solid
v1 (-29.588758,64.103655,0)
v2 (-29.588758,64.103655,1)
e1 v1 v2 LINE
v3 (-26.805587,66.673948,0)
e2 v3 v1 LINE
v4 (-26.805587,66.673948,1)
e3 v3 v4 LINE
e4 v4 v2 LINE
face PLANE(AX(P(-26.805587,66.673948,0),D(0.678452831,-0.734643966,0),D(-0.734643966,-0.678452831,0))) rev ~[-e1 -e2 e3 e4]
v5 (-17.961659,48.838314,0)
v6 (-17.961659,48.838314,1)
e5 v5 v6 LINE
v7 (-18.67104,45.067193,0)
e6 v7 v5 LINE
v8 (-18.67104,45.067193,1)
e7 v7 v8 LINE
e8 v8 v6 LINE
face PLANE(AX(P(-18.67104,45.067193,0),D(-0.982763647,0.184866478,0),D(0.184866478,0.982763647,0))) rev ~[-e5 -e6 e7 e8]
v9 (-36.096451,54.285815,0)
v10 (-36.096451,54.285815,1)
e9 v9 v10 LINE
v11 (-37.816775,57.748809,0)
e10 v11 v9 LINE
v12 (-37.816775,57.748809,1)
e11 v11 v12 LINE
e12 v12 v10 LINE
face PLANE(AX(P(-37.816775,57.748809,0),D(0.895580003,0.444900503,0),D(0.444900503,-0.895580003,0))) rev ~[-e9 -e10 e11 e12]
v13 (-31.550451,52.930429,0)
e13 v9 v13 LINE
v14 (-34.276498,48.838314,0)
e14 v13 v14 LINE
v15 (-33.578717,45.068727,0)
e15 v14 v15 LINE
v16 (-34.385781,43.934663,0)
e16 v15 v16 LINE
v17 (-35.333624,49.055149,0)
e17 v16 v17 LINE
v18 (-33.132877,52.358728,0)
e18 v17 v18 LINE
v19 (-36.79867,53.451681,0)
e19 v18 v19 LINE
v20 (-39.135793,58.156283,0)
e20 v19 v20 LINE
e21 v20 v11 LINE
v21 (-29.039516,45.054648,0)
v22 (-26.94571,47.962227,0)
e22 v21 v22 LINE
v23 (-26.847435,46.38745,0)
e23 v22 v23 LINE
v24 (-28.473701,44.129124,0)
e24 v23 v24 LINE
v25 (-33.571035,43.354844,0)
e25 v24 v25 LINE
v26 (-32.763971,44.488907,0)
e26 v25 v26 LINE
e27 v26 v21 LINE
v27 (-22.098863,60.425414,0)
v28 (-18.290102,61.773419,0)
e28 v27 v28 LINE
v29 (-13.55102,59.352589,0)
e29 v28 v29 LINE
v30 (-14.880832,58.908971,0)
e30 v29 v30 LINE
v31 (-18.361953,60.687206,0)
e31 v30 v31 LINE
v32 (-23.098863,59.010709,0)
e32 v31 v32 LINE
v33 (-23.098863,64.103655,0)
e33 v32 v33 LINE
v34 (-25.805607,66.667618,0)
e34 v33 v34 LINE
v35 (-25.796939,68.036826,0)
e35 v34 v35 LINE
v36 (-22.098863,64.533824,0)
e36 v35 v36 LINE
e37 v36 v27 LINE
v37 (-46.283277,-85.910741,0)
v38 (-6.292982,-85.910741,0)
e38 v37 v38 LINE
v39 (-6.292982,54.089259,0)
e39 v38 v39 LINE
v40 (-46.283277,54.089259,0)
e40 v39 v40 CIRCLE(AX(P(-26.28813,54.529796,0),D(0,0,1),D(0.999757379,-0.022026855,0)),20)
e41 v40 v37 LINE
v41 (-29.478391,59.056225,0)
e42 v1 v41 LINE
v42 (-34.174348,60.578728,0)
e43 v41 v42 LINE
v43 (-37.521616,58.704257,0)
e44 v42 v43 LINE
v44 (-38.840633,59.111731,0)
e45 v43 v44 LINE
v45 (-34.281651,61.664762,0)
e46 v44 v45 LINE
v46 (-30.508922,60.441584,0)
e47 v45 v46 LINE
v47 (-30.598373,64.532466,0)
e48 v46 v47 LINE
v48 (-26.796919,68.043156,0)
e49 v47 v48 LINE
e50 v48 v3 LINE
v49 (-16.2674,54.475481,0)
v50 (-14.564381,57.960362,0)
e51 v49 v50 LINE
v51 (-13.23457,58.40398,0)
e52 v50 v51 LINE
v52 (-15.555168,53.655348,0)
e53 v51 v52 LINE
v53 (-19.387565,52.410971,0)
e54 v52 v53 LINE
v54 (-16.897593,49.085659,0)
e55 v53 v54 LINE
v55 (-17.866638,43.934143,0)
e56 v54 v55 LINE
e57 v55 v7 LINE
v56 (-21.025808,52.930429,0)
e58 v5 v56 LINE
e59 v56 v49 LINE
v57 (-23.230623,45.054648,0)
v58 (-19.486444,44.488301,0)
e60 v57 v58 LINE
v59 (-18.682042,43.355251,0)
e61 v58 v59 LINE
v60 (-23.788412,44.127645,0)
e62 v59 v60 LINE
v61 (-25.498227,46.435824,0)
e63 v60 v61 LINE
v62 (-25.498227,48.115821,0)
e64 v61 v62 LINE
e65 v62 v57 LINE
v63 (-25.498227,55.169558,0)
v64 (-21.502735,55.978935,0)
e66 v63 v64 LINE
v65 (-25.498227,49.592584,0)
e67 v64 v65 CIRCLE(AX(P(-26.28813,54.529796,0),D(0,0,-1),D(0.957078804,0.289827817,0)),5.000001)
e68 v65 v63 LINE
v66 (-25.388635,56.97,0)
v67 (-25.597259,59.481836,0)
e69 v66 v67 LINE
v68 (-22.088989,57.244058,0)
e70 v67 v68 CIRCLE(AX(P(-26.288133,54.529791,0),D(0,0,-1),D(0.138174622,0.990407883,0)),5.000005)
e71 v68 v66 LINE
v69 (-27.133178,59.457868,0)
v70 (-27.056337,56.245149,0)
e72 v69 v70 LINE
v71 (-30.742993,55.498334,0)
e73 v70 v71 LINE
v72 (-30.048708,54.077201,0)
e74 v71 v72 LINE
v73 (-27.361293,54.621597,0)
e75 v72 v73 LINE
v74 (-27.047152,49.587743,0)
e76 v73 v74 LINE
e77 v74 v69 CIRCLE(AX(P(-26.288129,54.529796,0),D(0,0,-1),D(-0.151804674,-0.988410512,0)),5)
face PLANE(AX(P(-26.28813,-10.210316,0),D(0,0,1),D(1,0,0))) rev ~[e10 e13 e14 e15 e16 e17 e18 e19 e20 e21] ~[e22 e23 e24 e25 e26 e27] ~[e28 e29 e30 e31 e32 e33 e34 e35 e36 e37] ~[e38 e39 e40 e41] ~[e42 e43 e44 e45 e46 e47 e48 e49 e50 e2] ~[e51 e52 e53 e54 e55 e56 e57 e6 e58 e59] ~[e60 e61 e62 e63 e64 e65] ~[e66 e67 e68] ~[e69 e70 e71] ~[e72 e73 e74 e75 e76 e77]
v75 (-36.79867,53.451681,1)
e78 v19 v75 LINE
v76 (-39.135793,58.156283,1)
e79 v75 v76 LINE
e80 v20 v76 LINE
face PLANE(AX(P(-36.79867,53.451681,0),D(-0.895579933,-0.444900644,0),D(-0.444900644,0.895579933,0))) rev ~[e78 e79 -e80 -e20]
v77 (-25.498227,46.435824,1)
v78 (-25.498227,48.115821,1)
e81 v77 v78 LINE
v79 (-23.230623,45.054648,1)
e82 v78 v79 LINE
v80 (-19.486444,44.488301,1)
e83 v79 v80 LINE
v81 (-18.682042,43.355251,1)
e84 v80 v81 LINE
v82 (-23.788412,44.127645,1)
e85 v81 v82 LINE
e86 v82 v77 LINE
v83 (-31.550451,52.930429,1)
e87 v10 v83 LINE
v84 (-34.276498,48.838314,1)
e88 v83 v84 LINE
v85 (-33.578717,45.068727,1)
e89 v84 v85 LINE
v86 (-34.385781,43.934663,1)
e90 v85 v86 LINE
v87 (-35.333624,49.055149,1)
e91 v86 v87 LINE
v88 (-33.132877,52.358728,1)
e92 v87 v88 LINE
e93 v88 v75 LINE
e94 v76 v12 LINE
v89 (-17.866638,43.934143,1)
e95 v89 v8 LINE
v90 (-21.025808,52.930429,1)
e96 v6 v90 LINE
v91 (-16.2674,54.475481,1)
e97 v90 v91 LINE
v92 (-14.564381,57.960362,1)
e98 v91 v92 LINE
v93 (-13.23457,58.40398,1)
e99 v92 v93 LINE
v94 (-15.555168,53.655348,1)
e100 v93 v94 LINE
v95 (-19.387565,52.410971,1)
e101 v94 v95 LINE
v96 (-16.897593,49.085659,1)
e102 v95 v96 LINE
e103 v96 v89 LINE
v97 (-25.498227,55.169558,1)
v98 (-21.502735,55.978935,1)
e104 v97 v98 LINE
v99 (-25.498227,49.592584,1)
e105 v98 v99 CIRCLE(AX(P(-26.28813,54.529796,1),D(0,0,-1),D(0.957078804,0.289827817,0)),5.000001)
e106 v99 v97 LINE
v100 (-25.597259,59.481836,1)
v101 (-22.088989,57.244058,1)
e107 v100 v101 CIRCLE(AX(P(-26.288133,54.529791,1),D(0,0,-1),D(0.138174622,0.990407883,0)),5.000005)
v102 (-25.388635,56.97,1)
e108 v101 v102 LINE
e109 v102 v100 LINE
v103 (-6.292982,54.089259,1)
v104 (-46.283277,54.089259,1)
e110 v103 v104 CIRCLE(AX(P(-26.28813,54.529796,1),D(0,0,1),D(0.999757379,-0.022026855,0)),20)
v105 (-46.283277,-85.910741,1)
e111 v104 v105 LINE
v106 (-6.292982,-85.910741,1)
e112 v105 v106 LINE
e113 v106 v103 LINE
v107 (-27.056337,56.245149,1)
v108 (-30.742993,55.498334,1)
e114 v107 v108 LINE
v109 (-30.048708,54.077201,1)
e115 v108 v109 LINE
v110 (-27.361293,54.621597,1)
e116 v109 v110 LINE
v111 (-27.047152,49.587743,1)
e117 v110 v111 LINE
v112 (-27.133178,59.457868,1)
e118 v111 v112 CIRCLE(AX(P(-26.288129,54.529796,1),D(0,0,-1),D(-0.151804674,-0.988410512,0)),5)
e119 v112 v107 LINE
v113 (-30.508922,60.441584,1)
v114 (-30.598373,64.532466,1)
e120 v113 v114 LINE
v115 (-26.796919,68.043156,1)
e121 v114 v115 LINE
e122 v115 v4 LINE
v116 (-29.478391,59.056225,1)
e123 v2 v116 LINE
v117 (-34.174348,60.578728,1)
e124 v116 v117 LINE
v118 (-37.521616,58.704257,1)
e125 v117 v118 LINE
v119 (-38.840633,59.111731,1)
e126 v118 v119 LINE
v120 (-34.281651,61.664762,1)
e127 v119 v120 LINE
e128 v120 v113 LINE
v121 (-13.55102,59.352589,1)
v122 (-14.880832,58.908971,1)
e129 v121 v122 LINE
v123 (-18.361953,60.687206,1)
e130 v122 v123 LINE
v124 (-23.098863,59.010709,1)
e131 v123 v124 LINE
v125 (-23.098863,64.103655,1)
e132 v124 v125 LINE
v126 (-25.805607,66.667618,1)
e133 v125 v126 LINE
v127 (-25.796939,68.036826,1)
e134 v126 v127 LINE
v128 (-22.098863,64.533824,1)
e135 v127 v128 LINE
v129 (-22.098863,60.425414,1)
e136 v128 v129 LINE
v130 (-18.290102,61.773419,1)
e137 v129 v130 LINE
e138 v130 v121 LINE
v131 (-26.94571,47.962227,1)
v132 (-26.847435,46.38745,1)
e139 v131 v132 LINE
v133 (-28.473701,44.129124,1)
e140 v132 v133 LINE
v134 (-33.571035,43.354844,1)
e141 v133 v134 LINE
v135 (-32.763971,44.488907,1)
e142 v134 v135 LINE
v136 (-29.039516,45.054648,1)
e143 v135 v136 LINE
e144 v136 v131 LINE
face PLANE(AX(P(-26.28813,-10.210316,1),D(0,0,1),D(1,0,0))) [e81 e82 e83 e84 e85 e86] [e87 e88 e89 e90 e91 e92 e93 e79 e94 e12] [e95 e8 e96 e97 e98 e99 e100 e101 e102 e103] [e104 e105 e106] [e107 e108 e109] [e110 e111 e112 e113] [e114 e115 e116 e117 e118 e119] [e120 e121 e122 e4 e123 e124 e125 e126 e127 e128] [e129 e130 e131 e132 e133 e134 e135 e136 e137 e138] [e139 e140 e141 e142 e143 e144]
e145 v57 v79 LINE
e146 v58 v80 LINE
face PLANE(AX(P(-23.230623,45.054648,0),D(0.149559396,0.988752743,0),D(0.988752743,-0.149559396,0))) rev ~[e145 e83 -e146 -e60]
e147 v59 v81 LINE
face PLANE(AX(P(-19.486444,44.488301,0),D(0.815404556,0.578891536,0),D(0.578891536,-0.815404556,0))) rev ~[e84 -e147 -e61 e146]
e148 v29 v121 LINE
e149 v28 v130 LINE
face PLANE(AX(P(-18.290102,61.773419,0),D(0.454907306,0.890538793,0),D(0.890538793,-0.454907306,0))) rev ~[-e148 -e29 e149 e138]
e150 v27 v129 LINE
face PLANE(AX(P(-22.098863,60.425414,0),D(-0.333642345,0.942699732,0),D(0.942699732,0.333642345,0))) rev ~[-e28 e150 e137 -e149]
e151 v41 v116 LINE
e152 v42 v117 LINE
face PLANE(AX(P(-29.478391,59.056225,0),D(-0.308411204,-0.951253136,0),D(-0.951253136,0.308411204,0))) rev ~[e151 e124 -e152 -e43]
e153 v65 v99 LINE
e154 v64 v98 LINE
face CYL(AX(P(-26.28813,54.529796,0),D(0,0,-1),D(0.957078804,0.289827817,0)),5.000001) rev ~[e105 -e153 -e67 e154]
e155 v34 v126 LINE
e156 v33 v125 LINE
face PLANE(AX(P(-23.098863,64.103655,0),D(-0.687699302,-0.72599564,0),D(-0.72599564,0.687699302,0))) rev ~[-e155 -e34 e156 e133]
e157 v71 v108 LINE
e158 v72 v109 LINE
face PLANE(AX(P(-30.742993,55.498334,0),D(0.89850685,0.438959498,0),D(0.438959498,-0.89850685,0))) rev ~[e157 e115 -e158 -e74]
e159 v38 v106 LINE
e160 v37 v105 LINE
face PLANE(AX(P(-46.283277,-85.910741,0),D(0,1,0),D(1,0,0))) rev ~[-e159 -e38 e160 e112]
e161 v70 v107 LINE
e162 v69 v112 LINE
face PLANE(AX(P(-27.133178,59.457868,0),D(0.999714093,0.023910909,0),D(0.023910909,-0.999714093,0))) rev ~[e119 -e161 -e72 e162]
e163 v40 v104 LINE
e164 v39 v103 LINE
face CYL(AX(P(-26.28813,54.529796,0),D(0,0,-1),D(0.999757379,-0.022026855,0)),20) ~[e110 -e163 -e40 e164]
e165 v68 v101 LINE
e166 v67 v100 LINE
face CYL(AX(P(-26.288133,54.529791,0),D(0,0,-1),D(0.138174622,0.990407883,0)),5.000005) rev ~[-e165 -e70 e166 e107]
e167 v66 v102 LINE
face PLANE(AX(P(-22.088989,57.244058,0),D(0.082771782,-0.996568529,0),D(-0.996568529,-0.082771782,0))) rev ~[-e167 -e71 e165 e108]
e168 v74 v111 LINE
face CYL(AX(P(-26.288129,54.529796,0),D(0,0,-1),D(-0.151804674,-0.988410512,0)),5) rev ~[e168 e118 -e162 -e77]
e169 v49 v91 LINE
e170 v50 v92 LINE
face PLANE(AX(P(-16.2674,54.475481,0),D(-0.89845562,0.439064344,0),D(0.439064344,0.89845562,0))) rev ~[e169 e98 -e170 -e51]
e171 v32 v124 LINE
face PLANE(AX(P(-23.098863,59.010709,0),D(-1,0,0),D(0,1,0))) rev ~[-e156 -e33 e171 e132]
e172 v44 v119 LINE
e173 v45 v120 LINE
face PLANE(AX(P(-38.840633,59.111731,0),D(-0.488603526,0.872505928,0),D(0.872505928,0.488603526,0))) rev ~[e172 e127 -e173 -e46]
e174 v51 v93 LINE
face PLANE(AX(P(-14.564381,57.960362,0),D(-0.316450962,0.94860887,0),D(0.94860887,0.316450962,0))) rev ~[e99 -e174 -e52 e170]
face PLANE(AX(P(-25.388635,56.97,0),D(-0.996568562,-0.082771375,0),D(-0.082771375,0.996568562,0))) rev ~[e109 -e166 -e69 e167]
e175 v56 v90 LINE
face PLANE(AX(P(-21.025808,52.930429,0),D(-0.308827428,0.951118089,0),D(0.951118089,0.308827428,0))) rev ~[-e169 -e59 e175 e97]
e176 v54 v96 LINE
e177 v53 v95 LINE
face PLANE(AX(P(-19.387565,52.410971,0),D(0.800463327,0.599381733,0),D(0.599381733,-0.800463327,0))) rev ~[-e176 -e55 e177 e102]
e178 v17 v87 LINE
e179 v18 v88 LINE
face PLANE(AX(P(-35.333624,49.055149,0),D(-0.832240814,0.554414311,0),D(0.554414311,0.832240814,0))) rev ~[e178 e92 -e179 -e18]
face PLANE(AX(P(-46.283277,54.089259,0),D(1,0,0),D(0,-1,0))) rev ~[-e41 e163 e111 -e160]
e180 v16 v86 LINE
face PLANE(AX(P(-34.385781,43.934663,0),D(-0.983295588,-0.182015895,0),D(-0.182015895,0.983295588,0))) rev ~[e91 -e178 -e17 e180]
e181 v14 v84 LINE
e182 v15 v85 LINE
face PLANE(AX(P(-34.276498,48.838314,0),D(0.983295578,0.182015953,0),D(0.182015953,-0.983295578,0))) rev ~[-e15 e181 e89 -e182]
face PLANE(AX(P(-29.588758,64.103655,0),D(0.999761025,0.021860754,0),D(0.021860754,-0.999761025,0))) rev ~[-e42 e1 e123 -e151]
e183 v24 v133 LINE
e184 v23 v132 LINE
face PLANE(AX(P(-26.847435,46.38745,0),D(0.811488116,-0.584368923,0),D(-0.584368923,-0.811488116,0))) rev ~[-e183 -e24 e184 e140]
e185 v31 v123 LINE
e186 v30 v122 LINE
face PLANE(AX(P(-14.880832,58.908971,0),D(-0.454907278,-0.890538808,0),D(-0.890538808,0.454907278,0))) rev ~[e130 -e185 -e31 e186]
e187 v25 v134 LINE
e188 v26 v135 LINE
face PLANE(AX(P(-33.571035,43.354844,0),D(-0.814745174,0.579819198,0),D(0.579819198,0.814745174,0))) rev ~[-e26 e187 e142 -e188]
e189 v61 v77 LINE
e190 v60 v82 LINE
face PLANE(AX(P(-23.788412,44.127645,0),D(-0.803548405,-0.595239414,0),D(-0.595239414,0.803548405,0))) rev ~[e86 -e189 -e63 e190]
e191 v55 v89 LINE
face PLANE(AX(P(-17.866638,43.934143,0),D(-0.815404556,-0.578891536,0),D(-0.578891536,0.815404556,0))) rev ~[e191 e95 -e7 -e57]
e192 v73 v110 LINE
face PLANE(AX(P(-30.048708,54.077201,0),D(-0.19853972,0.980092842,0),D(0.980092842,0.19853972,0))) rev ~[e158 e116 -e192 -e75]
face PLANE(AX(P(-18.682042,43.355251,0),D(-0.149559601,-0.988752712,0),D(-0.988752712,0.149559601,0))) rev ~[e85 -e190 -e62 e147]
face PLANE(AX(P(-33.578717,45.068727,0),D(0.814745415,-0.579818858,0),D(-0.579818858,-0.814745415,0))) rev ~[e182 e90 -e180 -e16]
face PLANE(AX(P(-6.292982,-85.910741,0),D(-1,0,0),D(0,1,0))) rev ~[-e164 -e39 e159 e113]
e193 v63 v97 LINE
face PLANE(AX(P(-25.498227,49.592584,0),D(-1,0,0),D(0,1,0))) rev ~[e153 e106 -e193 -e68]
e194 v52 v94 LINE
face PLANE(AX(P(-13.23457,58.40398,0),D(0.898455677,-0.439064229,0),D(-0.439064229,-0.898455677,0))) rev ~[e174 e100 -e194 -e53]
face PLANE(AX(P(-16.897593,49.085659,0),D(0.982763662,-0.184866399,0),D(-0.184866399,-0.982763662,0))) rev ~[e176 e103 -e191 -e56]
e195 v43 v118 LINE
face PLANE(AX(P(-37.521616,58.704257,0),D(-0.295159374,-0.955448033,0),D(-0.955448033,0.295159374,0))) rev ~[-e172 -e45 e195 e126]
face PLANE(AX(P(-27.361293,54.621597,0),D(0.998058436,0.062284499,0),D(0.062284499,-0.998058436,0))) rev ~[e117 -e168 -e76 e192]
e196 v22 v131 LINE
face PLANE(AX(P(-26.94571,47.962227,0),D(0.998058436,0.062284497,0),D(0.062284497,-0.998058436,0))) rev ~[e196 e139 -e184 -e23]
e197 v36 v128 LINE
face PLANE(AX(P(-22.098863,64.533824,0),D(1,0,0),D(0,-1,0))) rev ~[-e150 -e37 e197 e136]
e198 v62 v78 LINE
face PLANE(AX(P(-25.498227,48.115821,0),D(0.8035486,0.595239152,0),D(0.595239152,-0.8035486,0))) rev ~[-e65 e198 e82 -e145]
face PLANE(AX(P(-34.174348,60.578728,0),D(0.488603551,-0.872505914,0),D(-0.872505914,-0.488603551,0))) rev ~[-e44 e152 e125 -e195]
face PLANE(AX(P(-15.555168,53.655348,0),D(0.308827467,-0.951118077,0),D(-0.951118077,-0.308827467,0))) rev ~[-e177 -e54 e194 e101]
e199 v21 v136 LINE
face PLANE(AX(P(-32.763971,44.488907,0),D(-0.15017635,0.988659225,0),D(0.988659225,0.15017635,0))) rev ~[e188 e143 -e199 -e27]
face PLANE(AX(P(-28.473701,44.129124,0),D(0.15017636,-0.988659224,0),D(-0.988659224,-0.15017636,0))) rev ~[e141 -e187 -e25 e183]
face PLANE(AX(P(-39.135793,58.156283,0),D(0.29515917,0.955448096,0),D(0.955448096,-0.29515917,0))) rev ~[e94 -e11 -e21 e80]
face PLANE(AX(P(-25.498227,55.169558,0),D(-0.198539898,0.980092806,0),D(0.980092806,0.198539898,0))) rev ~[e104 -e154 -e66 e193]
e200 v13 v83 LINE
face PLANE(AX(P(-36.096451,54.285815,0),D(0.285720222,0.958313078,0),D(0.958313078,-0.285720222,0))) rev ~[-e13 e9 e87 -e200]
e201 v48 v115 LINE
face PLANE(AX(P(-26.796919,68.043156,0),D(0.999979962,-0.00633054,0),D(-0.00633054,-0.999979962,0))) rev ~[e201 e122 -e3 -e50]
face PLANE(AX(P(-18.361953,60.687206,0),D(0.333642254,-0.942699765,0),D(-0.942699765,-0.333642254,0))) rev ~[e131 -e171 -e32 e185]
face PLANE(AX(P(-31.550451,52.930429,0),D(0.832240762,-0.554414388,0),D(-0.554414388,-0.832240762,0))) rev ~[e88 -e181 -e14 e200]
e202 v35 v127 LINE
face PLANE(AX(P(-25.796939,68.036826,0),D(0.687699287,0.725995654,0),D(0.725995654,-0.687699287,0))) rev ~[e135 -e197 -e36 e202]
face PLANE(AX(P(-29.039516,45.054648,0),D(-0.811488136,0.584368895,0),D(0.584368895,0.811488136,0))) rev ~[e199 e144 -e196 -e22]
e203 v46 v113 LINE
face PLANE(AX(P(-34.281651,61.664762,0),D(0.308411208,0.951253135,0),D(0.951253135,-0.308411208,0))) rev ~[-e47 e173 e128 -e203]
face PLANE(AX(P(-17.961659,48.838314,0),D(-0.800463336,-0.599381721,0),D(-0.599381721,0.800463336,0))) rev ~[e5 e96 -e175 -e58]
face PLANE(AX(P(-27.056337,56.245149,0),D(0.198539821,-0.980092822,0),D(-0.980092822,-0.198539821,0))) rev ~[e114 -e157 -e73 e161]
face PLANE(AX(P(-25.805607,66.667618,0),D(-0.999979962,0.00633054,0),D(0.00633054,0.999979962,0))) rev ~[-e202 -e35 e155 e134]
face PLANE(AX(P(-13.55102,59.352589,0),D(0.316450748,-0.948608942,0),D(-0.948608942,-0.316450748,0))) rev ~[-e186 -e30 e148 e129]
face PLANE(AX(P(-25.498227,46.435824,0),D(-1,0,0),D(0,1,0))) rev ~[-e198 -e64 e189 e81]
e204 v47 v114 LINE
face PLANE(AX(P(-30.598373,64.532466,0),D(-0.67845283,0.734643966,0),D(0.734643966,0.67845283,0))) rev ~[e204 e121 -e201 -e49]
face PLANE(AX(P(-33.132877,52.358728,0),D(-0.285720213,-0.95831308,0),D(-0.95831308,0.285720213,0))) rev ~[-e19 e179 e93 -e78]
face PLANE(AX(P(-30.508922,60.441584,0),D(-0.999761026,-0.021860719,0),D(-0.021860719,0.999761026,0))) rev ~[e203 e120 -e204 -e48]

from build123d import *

# Parameters (mm, degrees)
F1_DEPTH = 1


with BuildPart() as f1:
    # F0 (on Top) → F1 (new body)
    with BuildSketch(Plane.XY):
        with BuildLine():
            Line((-6.292982, -85.910741), (-6.292982, 54.089259))
            ThreePointArc((-6.292982, 54.089259), (-26.288129, 74.529796), (-46.283277, 54.089259))
            Line((-46.283277, 54.089259), (-46.283277, -85.910741))
            Line((-46.283277, -85.910741), (-6.292982, -85.910741))
        make_face()
        Polygon((-39.135793, 58.156283), (-37.816775, 57.748809), (-36.096451, 54.285815), (-31.550451, 52.930429), (-34.276498, 48.838314), (-33.578717, 45.068727), (-34.385781, 43.934663), (-35.333624, 49.055149), (-33.132877, 52.358728), (-36.79867, 53.451681), align=None, mode=Mode.SUBTRACT)
        Polygon((-33.571035, 43.354844), (-32.763971, 44.488907), (-29.039516, 45.054648), (-26.94571, 47.962227), (-26.847435, 46.38745), (-28.473701, 44.129124), align=None, mode=Mode.SUBTRACT)
        Polygon((-29.588758, 64.103655), (-29.478391, 59.056225), (-34.174348, 60.578728), (-37.521616, 58.704257), (-38.840633, 59.111731), (-34.281651, 61.664762), (-30.508922, 60.441584), (-30.598373, 64.532466), (-26.796919, 68.043156), (-26.805587, 66.673948), align=None, mode=Mode.SUBTRACT)
        with BuildLine():
            Line((-30.048708, 54.077201), (-27.361293, 54.621597))
            Line((-27.361293, 54.621597), (-27.047152, 49.587743))
            ThreePointArc((-27.047152, 49.587743), (-31.287939, 54.486218), (-27.133178, 59.457868))
            Line((-27.133178, 59.457868), (-27.056337, 56.245149))
            Line((-27.056337, 56.245149), (-30.742993, 55.498334))
            Line((-30.742993, 55.498334), (-30.048708, 54.077201))
        make_face(mode=Mode.SUBTRACT)
        Polygon((-25.498227, 46.435824), (-25.498227, 48.115821), (-23.230623, 45.054648), (-19.486444, 44.488301), (-18.682042, 43.355251), (-23.788412, 44.127645), align=None, mode=Mode.SUBTRACT)
        with BuildLine():
            Line((-25.498227, 49.592584), (-25.498227, 55.169558))
            Line((-25.498227, 55.169558), (-21.502735, 55.978935))
            ThreePointArc((-21.502735, 55.978935), (-22.049338, 51.877881), (-25.498227, 49.592584))
        make_face(mode=Mode.SUBTRACT)
        Polygon((-17.866638, 43.934143), (-18.67104, 45.067193), (-17.961659, 48.838314), (-21.025808, 52.930429), (-16.2674, 54.475481), (-14.564381, 57.960362), (-13.23457, 58.40398), (-15.555168, 53.655348), (-19.387565, 52.410971), (-16.897593, 49.085659), align=None, mode=Mode.SUBTRACT)
        with BuildLine():
            Line((-22.088989, 57.244058), (-25.388635, 56.97))
            Line((-25.388635, 56.97), (-25.597259, 59.481836))
            ThreePointArc((-25.597259, 59.481836), (-23.599271, 58.745248), (-22.088989, 57.244058))
        make_face(mode=Mode.SUBTRACT)
        Polygon((-13.55102, 59.352589), (-14.880832, 58.908971), (-18.361953, 60.687206), (-23.098863, 59.010709), (-23.098863, 64.103655), (-25.805607, 66.667618), (-25.796939, 68.036826), (-22.098863, 64.533824), (-22.098863, 60.425414), (-18.290102, 61.773419), align=None, mode=Mode.SUBTRACT)
    extrude(amount=F1_DEPTH)


solid = f1.part
